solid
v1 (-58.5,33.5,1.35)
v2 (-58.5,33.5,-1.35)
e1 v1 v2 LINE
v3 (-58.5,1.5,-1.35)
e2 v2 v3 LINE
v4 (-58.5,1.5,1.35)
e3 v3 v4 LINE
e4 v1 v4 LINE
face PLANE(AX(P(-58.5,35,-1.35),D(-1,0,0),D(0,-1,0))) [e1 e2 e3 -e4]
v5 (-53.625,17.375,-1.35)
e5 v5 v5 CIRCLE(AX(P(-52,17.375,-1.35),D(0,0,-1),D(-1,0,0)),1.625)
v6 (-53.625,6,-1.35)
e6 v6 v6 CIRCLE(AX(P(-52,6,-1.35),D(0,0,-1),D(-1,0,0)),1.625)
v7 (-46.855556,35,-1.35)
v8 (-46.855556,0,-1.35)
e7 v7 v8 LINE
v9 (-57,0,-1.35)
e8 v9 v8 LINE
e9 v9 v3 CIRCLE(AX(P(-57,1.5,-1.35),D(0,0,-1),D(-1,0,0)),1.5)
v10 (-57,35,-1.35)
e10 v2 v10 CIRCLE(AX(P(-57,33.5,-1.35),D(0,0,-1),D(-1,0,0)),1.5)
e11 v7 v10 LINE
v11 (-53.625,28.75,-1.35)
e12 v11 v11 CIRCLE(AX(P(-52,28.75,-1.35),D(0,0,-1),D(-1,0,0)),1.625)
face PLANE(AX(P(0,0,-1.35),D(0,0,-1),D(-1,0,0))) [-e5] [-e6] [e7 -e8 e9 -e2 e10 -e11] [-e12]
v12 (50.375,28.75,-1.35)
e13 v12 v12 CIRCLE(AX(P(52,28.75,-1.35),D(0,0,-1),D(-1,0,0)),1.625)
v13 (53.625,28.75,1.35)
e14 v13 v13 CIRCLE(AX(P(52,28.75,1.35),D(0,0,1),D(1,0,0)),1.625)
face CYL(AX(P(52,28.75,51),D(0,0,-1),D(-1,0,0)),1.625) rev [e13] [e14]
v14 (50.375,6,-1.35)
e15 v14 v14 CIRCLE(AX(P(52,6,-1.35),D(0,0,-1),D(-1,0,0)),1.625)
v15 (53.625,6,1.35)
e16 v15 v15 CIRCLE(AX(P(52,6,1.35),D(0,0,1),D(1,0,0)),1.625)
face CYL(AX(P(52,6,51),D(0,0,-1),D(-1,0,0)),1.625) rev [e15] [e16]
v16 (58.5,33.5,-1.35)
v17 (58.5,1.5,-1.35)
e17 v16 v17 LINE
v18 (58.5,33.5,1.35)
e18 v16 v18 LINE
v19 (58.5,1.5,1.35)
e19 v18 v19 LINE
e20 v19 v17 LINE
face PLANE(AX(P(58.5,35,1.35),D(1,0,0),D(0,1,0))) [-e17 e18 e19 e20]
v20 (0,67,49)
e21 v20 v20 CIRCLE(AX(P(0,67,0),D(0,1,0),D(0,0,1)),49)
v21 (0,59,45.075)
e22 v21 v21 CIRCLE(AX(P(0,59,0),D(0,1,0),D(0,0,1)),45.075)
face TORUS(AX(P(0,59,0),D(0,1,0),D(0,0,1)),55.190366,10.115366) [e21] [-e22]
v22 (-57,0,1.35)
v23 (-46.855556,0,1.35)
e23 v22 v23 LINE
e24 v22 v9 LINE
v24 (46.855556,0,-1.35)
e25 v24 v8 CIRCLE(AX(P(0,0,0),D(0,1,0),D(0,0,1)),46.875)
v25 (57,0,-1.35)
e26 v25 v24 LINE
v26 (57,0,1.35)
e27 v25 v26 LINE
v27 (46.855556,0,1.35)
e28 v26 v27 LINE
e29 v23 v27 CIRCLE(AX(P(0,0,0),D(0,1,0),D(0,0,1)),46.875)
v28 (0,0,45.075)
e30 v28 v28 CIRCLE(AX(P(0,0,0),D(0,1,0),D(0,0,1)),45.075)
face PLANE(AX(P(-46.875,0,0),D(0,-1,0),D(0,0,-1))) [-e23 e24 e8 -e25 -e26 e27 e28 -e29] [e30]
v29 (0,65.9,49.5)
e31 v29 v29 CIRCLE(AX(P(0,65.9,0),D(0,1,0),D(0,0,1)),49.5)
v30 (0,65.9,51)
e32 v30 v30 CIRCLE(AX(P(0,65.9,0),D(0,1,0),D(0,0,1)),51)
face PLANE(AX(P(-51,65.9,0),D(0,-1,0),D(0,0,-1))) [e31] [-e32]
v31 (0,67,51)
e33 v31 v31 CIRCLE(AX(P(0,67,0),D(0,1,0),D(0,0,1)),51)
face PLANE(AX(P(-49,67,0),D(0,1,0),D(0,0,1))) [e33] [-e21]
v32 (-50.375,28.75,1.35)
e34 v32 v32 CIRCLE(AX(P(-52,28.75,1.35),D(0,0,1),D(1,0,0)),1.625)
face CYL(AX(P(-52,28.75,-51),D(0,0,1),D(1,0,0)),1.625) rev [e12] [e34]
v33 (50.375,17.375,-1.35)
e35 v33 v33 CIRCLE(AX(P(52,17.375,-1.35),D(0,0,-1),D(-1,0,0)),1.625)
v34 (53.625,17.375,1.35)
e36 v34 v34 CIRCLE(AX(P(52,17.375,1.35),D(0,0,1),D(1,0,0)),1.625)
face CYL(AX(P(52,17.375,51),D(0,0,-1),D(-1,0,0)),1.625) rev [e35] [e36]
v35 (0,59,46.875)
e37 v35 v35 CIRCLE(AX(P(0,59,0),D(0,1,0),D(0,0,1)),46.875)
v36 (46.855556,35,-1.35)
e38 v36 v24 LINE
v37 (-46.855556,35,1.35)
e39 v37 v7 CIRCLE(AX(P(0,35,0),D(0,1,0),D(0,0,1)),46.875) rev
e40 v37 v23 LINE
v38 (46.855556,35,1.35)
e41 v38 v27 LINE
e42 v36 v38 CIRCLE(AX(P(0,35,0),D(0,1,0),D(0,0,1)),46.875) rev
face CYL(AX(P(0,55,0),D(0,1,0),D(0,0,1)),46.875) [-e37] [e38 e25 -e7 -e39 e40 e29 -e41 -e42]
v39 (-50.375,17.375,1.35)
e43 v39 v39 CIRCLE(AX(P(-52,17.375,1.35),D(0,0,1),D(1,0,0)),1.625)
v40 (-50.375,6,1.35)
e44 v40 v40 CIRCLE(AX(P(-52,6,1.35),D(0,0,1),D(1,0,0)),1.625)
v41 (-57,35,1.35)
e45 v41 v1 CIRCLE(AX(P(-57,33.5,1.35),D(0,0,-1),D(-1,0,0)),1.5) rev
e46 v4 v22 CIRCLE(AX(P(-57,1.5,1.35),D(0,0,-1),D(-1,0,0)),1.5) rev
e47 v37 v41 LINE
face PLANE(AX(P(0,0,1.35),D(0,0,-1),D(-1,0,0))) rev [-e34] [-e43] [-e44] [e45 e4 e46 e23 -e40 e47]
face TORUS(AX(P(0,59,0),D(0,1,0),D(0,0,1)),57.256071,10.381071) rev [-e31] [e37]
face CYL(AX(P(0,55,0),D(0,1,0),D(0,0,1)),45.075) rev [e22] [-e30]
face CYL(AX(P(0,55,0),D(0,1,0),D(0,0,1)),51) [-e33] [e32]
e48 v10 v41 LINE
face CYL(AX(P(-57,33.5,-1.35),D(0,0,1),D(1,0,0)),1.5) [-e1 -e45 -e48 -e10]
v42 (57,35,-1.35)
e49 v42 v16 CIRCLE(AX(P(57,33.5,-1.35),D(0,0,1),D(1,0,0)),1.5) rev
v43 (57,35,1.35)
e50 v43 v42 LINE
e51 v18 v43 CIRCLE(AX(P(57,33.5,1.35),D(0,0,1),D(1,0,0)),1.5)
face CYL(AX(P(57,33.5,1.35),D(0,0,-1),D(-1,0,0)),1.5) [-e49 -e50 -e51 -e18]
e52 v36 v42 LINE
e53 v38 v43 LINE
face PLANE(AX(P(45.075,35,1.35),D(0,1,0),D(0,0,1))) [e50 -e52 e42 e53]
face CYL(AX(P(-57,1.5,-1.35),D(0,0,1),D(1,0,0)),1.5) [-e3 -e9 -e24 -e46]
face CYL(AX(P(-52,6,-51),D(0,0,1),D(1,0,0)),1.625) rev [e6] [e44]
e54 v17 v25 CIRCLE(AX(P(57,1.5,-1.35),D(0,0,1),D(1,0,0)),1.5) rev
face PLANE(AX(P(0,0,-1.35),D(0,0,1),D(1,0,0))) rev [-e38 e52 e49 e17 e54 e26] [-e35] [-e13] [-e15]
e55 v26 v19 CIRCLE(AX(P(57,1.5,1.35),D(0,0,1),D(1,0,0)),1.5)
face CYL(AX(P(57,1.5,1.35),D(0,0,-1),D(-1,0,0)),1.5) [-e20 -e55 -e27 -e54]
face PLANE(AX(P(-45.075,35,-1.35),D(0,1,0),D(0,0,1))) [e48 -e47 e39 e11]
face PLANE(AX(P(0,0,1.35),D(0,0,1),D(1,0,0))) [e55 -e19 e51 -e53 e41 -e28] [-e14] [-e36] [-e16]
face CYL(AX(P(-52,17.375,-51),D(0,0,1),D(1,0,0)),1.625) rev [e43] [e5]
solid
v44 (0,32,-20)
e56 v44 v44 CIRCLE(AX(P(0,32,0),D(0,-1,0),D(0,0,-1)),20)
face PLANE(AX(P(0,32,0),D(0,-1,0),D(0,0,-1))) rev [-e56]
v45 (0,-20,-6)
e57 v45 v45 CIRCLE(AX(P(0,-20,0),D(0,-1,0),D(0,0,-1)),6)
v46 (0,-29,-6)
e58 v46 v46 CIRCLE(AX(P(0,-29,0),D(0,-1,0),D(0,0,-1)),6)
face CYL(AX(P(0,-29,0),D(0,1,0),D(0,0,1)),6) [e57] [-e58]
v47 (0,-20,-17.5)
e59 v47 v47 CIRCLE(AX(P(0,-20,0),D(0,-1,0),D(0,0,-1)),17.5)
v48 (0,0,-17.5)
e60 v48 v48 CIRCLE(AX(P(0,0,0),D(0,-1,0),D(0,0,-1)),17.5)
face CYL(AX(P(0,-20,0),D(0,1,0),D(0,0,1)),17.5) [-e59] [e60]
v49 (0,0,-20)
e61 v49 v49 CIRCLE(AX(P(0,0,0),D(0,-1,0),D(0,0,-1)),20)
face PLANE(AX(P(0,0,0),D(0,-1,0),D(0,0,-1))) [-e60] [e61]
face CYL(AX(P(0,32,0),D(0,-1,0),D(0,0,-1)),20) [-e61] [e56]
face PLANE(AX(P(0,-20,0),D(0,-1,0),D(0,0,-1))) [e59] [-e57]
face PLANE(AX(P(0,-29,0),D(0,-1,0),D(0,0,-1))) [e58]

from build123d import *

# Parameters (mm, degrees)
SKETCH2_R                = 20
BOSS_EXTRUDE1_DEPTH      = 32
SKETCH3_R                = 17.5
BOSS_EXTRUDE2_DEPTH      = 20
SKETCH4_R                = 6
BOSS_EXTRUDE3_DEPTH      = 9
SKETCH5_W                = 13.425
SKETCH5_H                = 35
BOSS_EXTRUDE4_DEPTH      = 1.35
SKETCH6_R                = 1.625
CUT_EXTRUDE1_DEPTH       = 104.207424636
FILLET1_R                = 1.5
CIRPATTERN1_COUNT        = 2
FILLET1_OF_CIRPATTERN1_R = 1.5


with BuildPart() as part:
    # Sketch1 → Revolve1 (revolve)
    with BuildSketch(Plane.XY):
        with BuildLine():
            Line((-45.075, 0), (-45.075, 59))
            ThreePointArc((-45.075, 59), (-46.109109283, 63.455491696), (-49, 67))
            Line((-49, 67), (-51, 67))
            Line((-51, 67), (-51, 65.9))
            Line((-51, 65.9), (-49.5, 65.9))
            ThreePointArc((-49.5, 65.9), (-47.553417784, 62.69122693), (-46.875, 59))
            Line((-46.875, 59), (-46.875, 0))
            Line((-46.875, 0), (-45.075, 0))
        make_face()
    revolve(axis=Axis((0, 55, 0), (0, -1, 0)))

    # Sketch5 → Boss-Extrude4 (add, symmetric)
    with BuildSketch(Plane.XY):
        with Locations((-51.7875, 17.5)):
            Rectangle(SKETCH5_W, SKETCH5_H)
    boss_extrude4 = extrude(amount=BOSS_EXTRUDE4_DEPTH, both=True)

    # Sketch6 → Cut-Extrude1 (cut, through all)
    with BuildSketch(Plane.XY.offset(1.35)):
        with Locations((-52, 6)):
            Circle(SKETCH6_R)
        with Locations((-52, 17.375)):
            Circle(SKETCH6_R)
        with Locations((-52, 28.75)):
            Circle(SKETCH6_R)
    cut_extrude1 = extrude(amount=-CUT_EXTRUDE1_DEPTH, mode=Mode.SUBTRACT)

    # Fillet1
    fillet1_edges = [part.edges().sort_by_distance(p)[0] for p in [
        (-58.5, 35, 0),
        (-58.5, 0, 0),
    ]]
    fillet(fillet1_edges, radius=FILLET1_R)

    # CirPattern1: Boss-Extrude4, Cut-Extrude1 ×2 about axis
    cirpattern1_axis = Axis((0, 55, 0), (0, -1, 0))
    add([boss_extrude4.rotate(cirpattern1_axis, i * 360 / CIRPATTERN1_COUNT) for i in range(1, CIRPATTERN1_COUNT)])
    add([cut_extrude1.rotate(cirpattern1_axis, i * 360 / CIRPATTERN1_COUNT) for i in range(1, CIRPATTERN1_COUNT)], mode=Mode.SUBTRACT)

    # Fillet1 of CirPattern1
    fillet1_of_cirpattern1_edges = [part.edges().sort_by_distance(p)[0] for p in [
        (58.5, 35, 0),
        (58.5, 0, 0),
    ]]
    fillet(fillet1_of_cirpattern1_edges, radius=FILLET1_OF_CIRPATTERN1_R)


with BuildPart() as body_2:
    # Sketch2 → Boss-Extrude1 (new body)
    with BuildSketch(Plane.XZ):
        Circle(SKETCH2_R)
    extrude(amount=-BOSS_EXTRUDE1_DEPTH)

    # Sketch3 → Boss-Extrude2 (add)
    with BuildSketch(Plane.XZ):
        Circle(SKETCH3_R)
    extrude(amount=BOSS_EXTRUDE2_DEPTH)

    # Sketch4 → Boss-Extrude3 (add)
    with BuildSketch(Plane.XZ.offset(20)):
        Circle(SKETCH4_R)
    extrude(amount=BOSS_EXTRUDE3_DEPTH)


solid = Compound([part.part, body_2.part])
